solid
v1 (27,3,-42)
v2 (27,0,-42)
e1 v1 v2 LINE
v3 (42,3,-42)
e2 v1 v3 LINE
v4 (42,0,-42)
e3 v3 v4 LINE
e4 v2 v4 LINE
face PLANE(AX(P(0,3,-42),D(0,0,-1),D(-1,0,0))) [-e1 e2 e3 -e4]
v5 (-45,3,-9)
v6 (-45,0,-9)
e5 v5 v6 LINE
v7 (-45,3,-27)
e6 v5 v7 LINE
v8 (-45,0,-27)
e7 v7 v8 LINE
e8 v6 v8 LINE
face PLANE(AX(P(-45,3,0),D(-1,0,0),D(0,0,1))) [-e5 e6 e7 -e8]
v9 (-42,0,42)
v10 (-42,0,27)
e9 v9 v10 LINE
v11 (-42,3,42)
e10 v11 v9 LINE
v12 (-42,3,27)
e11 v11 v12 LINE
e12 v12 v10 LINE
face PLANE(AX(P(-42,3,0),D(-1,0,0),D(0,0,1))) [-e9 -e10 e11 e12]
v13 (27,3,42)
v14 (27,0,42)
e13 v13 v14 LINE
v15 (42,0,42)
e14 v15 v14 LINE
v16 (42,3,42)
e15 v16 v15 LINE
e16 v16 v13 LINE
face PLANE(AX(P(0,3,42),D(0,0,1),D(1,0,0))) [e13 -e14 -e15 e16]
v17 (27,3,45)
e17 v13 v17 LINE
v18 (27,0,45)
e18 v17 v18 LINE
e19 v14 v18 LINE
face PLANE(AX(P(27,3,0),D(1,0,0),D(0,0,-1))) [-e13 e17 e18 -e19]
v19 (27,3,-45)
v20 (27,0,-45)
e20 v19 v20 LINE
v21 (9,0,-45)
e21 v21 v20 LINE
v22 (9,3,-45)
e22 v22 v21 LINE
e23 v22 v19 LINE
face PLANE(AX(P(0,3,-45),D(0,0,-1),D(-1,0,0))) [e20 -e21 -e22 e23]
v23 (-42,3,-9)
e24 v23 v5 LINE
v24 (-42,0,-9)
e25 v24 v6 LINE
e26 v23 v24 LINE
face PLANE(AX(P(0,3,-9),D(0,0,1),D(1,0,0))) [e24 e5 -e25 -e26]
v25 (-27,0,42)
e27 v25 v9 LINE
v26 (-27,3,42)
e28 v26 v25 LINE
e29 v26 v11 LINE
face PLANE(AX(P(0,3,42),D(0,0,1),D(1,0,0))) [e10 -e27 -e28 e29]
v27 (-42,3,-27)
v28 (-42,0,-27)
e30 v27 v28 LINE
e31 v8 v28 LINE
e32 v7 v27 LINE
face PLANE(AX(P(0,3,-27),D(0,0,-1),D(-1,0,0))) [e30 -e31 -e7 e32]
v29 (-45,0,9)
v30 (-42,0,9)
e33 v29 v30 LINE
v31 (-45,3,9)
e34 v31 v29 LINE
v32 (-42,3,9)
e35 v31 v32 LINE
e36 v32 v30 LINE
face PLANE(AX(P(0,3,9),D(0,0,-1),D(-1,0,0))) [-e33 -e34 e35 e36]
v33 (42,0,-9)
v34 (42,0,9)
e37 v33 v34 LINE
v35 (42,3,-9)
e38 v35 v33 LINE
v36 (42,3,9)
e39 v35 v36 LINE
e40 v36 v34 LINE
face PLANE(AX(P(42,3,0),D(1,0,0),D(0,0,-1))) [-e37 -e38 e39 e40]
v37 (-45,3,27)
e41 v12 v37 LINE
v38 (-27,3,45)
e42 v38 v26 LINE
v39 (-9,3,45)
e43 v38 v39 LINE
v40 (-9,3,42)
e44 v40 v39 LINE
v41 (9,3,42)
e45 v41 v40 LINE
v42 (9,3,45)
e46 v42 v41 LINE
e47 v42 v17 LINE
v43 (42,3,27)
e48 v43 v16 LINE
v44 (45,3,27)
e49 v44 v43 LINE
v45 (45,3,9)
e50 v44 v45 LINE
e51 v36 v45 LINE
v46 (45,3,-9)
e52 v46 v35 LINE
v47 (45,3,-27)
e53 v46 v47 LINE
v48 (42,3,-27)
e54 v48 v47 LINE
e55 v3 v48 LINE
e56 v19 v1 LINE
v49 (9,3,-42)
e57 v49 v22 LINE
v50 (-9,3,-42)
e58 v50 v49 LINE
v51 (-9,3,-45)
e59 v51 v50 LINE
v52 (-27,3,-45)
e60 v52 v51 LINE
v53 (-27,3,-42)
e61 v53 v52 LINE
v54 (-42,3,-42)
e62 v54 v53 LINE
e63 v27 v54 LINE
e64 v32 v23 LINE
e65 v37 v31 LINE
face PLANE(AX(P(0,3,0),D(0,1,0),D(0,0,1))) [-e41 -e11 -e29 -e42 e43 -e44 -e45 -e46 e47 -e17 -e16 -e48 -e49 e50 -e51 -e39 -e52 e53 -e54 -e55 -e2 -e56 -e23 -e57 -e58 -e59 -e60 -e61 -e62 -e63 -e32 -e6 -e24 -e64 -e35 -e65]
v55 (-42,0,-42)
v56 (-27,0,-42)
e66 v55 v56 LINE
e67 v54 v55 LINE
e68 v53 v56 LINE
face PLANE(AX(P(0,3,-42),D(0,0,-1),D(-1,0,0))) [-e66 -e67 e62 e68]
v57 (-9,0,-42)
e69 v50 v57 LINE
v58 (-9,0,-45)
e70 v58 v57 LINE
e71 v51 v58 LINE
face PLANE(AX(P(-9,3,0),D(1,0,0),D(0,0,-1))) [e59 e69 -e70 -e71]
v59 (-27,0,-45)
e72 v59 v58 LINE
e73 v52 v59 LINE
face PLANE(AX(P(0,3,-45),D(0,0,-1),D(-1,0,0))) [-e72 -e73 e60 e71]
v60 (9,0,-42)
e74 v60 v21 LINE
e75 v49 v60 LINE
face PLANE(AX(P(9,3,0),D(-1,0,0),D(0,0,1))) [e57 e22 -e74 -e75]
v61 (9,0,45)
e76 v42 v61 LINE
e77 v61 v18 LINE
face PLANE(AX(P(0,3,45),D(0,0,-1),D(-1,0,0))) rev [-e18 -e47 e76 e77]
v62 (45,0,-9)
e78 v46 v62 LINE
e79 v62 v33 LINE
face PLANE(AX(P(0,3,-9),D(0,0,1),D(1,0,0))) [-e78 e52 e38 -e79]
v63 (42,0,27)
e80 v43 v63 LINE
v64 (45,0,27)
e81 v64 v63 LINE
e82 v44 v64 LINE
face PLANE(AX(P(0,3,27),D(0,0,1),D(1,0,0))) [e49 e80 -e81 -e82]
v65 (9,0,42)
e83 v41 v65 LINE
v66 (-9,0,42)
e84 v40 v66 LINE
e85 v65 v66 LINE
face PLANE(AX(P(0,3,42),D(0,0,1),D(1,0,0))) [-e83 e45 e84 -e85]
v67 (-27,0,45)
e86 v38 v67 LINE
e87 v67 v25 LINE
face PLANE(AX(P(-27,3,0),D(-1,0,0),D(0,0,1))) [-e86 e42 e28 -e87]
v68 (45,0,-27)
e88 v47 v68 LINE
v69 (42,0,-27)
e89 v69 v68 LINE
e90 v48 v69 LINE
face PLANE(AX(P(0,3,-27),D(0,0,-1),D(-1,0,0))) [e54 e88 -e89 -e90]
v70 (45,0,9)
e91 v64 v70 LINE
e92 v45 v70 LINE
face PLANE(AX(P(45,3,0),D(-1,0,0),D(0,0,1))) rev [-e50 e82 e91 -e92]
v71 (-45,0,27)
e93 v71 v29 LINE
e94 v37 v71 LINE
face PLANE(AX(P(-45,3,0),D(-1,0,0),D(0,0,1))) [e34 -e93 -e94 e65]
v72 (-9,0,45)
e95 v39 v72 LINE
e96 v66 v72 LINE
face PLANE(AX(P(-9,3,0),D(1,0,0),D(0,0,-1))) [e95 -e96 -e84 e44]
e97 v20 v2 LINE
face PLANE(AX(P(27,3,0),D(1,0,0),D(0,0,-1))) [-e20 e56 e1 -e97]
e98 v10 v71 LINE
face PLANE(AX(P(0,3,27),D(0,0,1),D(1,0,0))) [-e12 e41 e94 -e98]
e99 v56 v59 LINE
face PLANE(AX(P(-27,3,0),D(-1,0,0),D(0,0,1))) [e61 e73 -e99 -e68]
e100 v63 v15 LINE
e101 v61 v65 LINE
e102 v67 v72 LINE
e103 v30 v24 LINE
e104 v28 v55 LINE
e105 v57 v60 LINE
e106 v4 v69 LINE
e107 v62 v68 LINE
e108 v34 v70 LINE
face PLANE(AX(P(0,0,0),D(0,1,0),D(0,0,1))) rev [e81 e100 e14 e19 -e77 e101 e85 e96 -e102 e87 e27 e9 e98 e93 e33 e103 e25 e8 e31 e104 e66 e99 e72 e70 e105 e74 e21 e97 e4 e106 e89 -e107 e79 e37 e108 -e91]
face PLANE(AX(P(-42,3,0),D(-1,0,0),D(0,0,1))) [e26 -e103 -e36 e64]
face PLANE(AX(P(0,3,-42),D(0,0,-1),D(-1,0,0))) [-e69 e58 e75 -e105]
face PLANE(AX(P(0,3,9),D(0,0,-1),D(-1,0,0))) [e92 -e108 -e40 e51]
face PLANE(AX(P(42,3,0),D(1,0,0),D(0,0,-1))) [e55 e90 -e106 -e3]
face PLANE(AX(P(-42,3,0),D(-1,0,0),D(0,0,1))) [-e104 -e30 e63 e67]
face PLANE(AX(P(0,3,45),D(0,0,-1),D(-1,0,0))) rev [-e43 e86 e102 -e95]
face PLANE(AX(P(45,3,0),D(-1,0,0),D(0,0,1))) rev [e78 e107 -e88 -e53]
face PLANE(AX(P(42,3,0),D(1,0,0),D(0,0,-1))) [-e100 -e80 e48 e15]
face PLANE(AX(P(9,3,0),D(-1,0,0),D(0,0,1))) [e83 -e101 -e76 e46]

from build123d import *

# Parameters (mm, degrees)
BOSS_EXTRUDE1_DEPTH = 3


with BuildPart() as part:
    # Sketch1 → Boss-Extrude1 (new body)
    with BuildSketch(Plane(origin=(0, 0, 0), x_dir=(1, 0, 0), z_dir=(0, 1, 0))):
        Polygon((-27, -42), (-27, -45), (-9, -45), (-9, -42), (9, -42), (9, -45), (27, -45), (27, -42), (42, -42), (42, -27), (45, -27), (45, -9), (42, -9), (42, 9), (45, 9), (45, 27), (42, 27), (42, 42), (27, 42), (27, 45), (9, 45), (9, 42), (-9, 42), (-9, 45), (-27, 45), (-27, 42), (-42, 42), (-42, 27), (-45, 27), (-45, 9), (-42, 9), (-42, -9), (-45, -9), (-45, -27), (-42, -27), (-42, -42), align=None)
    extrude(amount=BOSS_EXTRUDE1_DEPTH)


solid = part.part
